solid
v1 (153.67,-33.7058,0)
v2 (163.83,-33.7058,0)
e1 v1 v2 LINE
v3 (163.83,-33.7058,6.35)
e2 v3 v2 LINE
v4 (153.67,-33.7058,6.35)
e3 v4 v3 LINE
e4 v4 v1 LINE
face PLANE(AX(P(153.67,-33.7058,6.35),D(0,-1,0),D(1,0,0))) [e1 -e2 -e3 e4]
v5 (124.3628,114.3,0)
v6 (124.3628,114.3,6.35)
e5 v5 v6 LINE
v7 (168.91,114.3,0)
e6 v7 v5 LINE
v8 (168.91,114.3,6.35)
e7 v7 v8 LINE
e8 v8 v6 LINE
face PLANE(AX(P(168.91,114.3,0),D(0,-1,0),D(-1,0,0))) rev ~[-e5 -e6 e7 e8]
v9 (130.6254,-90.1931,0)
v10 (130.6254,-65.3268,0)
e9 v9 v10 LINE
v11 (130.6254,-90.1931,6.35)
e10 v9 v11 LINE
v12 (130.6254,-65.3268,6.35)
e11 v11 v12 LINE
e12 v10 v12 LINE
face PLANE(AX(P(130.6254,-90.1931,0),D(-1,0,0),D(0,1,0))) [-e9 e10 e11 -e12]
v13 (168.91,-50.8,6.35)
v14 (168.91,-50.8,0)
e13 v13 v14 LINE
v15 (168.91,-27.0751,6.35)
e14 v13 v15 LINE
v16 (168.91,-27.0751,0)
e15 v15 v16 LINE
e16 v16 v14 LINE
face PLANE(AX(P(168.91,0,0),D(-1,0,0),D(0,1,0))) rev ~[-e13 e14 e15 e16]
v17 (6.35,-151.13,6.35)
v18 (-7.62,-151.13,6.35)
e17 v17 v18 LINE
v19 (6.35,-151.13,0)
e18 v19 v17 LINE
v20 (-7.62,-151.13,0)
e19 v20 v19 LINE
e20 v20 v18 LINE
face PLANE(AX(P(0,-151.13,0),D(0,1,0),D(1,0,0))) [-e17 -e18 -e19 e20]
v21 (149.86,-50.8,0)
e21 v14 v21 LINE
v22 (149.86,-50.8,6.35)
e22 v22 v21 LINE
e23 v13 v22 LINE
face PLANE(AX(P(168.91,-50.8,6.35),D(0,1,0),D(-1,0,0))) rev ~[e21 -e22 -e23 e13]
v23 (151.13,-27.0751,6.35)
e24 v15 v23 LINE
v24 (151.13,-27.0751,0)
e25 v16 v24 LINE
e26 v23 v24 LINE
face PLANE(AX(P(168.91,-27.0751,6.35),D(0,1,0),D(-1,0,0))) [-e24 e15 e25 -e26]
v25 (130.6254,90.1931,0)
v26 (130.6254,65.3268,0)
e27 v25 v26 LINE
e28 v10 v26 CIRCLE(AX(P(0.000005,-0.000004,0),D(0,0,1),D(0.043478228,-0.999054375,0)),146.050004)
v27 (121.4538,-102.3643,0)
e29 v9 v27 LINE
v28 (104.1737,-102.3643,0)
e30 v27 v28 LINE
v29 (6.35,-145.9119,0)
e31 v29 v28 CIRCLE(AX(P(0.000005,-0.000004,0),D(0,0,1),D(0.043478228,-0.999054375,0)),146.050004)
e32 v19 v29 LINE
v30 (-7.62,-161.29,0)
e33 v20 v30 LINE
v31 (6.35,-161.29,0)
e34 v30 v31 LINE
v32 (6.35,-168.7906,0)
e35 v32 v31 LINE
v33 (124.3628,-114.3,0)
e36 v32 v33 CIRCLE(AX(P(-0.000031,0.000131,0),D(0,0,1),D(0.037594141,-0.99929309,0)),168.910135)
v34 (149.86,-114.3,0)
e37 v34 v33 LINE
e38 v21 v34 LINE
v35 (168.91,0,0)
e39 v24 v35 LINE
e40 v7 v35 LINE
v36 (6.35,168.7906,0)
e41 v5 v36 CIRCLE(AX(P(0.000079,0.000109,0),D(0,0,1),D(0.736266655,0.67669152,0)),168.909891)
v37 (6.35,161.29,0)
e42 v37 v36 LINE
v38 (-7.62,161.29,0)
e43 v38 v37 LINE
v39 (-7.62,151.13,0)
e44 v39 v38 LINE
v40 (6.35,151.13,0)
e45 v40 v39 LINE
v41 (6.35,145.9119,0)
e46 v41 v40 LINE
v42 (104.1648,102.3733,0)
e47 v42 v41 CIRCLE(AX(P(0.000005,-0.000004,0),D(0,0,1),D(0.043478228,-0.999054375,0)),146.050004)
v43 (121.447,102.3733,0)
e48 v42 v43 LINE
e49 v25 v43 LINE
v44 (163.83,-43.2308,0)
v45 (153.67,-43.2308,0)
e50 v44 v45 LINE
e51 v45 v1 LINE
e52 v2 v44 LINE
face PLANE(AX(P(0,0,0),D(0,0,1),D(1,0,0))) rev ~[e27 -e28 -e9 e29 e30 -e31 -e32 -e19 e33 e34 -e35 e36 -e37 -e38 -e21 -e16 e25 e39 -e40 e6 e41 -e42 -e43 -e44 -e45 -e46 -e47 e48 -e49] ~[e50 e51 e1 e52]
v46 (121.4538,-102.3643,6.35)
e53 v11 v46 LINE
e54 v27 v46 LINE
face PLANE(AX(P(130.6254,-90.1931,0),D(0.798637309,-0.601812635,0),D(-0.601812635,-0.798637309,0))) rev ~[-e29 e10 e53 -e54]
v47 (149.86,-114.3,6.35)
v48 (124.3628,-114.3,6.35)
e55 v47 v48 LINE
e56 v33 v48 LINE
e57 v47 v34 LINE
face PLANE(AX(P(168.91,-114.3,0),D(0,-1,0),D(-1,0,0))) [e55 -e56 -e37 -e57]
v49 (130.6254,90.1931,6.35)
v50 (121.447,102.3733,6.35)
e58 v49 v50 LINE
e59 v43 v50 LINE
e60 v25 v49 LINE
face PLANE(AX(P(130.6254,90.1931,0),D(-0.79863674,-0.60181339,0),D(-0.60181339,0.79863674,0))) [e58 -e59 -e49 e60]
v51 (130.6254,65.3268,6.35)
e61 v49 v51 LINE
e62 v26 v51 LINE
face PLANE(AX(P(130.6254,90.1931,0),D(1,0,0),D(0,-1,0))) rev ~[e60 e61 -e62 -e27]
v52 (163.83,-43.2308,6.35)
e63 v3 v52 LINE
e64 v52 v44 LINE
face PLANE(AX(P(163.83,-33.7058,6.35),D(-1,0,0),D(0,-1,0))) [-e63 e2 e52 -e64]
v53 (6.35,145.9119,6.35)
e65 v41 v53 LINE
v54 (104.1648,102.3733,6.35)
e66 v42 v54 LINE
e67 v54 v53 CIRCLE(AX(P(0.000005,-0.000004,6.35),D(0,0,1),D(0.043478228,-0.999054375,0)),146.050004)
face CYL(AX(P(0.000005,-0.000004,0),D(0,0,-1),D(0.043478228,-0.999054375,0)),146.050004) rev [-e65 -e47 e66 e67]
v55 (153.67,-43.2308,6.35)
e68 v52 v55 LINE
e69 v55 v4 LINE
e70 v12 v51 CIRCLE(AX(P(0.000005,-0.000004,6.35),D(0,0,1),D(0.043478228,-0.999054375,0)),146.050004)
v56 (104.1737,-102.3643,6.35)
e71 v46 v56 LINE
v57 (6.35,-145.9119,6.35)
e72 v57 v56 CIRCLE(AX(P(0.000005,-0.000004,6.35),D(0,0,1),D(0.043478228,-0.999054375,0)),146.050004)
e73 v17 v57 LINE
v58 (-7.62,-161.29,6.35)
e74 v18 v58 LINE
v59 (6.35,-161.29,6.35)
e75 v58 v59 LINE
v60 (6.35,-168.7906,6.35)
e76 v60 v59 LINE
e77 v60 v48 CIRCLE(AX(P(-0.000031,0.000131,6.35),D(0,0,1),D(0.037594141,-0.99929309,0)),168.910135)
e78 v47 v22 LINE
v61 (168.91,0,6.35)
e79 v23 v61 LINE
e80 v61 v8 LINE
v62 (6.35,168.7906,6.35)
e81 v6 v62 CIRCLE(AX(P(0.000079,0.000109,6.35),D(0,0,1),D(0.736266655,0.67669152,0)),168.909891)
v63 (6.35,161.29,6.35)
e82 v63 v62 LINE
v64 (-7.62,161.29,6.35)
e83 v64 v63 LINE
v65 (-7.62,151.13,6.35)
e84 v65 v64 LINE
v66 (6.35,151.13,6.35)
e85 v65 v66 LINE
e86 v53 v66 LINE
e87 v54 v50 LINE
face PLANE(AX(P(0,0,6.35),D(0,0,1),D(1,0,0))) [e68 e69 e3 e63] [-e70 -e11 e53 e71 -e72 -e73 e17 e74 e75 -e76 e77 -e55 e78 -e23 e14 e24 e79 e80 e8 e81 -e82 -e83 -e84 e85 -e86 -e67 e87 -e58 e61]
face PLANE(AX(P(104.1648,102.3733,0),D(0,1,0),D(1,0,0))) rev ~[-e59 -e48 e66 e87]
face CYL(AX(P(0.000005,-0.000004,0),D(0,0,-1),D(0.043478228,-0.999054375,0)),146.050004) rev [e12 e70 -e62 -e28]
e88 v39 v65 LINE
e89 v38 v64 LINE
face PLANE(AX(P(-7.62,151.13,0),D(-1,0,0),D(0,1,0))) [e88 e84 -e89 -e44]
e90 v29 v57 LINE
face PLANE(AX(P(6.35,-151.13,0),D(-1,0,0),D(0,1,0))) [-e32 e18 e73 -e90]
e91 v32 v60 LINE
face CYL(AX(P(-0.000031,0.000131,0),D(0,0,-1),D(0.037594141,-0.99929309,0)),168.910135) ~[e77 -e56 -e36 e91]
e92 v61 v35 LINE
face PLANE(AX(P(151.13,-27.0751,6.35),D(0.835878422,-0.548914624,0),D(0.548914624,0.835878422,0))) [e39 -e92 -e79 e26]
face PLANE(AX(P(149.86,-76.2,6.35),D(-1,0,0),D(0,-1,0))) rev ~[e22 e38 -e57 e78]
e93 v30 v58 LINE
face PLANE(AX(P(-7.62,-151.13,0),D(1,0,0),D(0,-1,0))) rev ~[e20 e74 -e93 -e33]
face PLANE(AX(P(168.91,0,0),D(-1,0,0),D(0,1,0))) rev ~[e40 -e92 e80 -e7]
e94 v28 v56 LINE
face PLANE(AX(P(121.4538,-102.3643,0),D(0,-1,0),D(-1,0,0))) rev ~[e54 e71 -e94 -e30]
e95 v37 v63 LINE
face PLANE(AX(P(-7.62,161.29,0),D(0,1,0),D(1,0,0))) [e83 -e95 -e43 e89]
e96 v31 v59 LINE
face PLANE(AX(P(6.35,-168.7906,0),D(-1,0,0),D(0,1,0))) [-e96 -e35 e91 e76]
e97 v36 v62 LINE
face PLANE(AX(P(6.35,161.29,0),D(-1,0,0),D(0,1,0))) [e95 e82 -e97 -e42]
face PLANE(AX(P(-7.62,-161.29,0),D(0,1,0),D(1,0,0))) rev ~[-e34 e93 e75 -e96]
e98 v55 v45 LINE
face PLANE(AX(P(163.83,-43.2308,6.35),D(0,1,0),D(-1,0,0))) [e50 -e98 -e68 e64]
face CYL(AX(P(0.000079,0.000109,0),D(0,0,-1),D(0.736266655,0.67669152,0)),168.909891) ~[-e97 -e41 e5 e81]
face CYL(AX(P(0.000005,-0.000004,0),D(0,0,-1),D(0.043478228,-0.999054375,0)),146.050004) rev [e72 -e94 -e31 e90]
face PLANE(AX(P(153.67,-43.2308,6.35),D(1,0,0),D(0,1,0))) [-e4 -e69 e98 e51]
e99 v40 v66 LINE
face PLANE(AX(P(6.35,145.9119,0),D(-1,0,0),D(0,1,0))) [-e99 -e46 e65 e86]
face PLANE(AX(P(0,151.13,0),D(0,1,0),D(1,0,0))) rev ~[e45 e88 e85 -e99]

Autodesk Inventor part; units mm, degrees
ref_plane "YZ Plane" through (0, 0, 0) normal (1, 0, 0) x (0, 1, 0)
ref_plane "XZ Plane" through (0, 0, 0) normal (0, 1, 0) x (-1, 0, 0)
ref_plane "XY Plane" through (0, 0, 0) normal (0, 0, 1) x (1, 0, 0)
sketch "Sketch1" plane through (0, 0, 0) normal (0, 0, 1) x (1, 0, 0)
  arc A0 (6.35, -145.9119) -> (0, 146.05) centre (0, 0) ccw
  line L0 (0, 0) -> (0, 323.4187) construction
  line L1 (0, 0) -> (0, -168.91) construction
  line L2 (6.35, -168.7906) -> (6.35, -145.9119)
  line L3 (6.35, 145.9119) -> (6.35, 168.7906)
  line L4 (0, -146.05) -> (0, -151.13)
  line L5 (0, -151.13) -> (6.35, -151.13)
  line L6 (6.35, -151.13) -> (-7.62, -151.13)
  line L7 (-7.62, -151.13) -> (-7.62, -161.29)
  line L8 (-7.62, -161.29) -> (6.35, -161.29)
  line L9 (0, 146.05) -> (0, 151.13)
  line L10 (0, 151.13) -> (6.35, 151.13)
  line L11 (6.35, 151.13) -> (-7.62, 151.13)
  line L12 (-7.62, 151.13) -> (-7.62, 161.29)
  line L13 (-7.62, 161.29) -> (6.35, 161.29)
  line L14 (168.91, 0) -> (168.91, -114.3)
  line L15 (168.91, -114.3) -> (124.3628, -114.3)
  arc A1 (124.3628, 114.3) -> (6.35, 168.7906) centre (0, 0) ccw
  arc A2 (6.35, -168.7906) -> (124.3628, -114.3) centre (0, 0) ccw
  line L16 (0, 0) -> (-12.7, 0)
  line L17 (-12.7, 0) -> (324.8812, 0) construction
  line L18 (168.91, 0) -> (168.91, 114.3)
  line L19 (168.91, 114.3) -> (124.3628, 114.3)
  line L20 (146.05, 0) -> (146.05, 82.55) construction
  line L21 (146.05, 82.55) -> (120.4828, 82.55) construction
  line L22 (146.05, 0) -> (146.05, -82.55) construction
  line L23 (146.05, -82.55) -> (120.4828, -82.55) construction
  line L24 (146.05, -82.55) -> (120.4828, -82.55) construction
  line L25 (130.6254, -90.1931) -> (121.4538, -102.3643)
  line L26 (121.4538, -102.3643) -> (104.1737, -102.3643)
  line L27 (130.6254, 90.1931) -> (121.447, 102.3733)
  line L28 (104.1648, 102.3733) -> (121.447, 102.3733)
  line L29 (130.6254, 90.1931) -> (130.6254, 65.3268)
  line L30 (130.6254, -90.1931) -> (130.6254, -65.3268)
  dimension "d0" = 292.1
  dimension "d7" = 6.35
  dimension "d8" = 6.35
  dimension "d9" = 5.08
  dimension "d10" = 13.97
  dimension "d11" = 10.16
  dimension "d12" = 5.08
  dimension "d13" = 13.97
  dimension "d14" = 10.16
  dimension "d16" = 5.2181
  dimension "d35" = 12.7
  dimension "d38" = 114.3
  dimension "d57" = 114.3
  dimension "d58" = 82.55
  dimension "d59" = 82.55
  dimension "d60" = 12.7
  dimension "d63" = 12.7
  dimension "d66" = 127
extrude "Extrusion2" add sketch "Sketch1" along normal blind 6.35 contours A0 L26 L25 L30 L29 L27 L28 L3 A1 L19 L18 L14 L15 A2 L2 | L2 L8 L7 L6 L5 | L10 L11 L12 L13 L3
sketch "Sketch3" plane through (0, 0, 6.35) normal (0, 0, 1) x (1, 0, 0)
  line L0 (124.3628, -114.3) -> (168.91, -114.3) projected
  line L1 (168.91, -114.3) -> (168.91, 114.3) projected
  line L2 (168.91, -114.3) -> (168.91, -43.2308) construction
  line L3 (168.91, -43.2308) -> (163.83, -43.2308) construction
  line L4 (163.83, -43.2308) -> (153.67, -43.2308)
  line L5 (153.67, -43.2308) -> (153.67, -33.7058)
  line L6 (153.67, -33.7058) -> (163.83, -33.7058)
  line L7 (163.83, -33.7058) -> (163.83, -43.2308)
  line L8 (168.91, -50.8) -> (149.86, -50.8)
  line L9 (149.86, -50.8) -> (149.86, -76.2)
  line L10 (149.86, -76.2) -> (149.86, -114.3)
  line L11 (149.86, -114.3) -> (168.91, -114.3)
  line L12 (168.91, -50.8) -> (168.91, -114.3)
  line L13 (168.91, -27.0751) -> (151.13, -27.0751)
  line L14 (151.13, -27.0751) -> (168.91, 0)
  line L15 (168.91, 0) -> (168.91, -27.0751)
  dimension "d46" = 71.0692
  dimension "d47" = 5.08
  dimension "d48" = 10.16
  dimension "d49" = 9.525
  dimension "d50" = 10.16
  dimension "d51" = 19.05
  dimension "d52" = 63.5
  dimension "d53" = 25.4
  dimension "d54" = 17.78
extrude "Extrusion5" cut sketch "Sketch3" against normal blind 25.4
properties part number "BottomHoop_v1" material "Polycarbonate, Clear"
